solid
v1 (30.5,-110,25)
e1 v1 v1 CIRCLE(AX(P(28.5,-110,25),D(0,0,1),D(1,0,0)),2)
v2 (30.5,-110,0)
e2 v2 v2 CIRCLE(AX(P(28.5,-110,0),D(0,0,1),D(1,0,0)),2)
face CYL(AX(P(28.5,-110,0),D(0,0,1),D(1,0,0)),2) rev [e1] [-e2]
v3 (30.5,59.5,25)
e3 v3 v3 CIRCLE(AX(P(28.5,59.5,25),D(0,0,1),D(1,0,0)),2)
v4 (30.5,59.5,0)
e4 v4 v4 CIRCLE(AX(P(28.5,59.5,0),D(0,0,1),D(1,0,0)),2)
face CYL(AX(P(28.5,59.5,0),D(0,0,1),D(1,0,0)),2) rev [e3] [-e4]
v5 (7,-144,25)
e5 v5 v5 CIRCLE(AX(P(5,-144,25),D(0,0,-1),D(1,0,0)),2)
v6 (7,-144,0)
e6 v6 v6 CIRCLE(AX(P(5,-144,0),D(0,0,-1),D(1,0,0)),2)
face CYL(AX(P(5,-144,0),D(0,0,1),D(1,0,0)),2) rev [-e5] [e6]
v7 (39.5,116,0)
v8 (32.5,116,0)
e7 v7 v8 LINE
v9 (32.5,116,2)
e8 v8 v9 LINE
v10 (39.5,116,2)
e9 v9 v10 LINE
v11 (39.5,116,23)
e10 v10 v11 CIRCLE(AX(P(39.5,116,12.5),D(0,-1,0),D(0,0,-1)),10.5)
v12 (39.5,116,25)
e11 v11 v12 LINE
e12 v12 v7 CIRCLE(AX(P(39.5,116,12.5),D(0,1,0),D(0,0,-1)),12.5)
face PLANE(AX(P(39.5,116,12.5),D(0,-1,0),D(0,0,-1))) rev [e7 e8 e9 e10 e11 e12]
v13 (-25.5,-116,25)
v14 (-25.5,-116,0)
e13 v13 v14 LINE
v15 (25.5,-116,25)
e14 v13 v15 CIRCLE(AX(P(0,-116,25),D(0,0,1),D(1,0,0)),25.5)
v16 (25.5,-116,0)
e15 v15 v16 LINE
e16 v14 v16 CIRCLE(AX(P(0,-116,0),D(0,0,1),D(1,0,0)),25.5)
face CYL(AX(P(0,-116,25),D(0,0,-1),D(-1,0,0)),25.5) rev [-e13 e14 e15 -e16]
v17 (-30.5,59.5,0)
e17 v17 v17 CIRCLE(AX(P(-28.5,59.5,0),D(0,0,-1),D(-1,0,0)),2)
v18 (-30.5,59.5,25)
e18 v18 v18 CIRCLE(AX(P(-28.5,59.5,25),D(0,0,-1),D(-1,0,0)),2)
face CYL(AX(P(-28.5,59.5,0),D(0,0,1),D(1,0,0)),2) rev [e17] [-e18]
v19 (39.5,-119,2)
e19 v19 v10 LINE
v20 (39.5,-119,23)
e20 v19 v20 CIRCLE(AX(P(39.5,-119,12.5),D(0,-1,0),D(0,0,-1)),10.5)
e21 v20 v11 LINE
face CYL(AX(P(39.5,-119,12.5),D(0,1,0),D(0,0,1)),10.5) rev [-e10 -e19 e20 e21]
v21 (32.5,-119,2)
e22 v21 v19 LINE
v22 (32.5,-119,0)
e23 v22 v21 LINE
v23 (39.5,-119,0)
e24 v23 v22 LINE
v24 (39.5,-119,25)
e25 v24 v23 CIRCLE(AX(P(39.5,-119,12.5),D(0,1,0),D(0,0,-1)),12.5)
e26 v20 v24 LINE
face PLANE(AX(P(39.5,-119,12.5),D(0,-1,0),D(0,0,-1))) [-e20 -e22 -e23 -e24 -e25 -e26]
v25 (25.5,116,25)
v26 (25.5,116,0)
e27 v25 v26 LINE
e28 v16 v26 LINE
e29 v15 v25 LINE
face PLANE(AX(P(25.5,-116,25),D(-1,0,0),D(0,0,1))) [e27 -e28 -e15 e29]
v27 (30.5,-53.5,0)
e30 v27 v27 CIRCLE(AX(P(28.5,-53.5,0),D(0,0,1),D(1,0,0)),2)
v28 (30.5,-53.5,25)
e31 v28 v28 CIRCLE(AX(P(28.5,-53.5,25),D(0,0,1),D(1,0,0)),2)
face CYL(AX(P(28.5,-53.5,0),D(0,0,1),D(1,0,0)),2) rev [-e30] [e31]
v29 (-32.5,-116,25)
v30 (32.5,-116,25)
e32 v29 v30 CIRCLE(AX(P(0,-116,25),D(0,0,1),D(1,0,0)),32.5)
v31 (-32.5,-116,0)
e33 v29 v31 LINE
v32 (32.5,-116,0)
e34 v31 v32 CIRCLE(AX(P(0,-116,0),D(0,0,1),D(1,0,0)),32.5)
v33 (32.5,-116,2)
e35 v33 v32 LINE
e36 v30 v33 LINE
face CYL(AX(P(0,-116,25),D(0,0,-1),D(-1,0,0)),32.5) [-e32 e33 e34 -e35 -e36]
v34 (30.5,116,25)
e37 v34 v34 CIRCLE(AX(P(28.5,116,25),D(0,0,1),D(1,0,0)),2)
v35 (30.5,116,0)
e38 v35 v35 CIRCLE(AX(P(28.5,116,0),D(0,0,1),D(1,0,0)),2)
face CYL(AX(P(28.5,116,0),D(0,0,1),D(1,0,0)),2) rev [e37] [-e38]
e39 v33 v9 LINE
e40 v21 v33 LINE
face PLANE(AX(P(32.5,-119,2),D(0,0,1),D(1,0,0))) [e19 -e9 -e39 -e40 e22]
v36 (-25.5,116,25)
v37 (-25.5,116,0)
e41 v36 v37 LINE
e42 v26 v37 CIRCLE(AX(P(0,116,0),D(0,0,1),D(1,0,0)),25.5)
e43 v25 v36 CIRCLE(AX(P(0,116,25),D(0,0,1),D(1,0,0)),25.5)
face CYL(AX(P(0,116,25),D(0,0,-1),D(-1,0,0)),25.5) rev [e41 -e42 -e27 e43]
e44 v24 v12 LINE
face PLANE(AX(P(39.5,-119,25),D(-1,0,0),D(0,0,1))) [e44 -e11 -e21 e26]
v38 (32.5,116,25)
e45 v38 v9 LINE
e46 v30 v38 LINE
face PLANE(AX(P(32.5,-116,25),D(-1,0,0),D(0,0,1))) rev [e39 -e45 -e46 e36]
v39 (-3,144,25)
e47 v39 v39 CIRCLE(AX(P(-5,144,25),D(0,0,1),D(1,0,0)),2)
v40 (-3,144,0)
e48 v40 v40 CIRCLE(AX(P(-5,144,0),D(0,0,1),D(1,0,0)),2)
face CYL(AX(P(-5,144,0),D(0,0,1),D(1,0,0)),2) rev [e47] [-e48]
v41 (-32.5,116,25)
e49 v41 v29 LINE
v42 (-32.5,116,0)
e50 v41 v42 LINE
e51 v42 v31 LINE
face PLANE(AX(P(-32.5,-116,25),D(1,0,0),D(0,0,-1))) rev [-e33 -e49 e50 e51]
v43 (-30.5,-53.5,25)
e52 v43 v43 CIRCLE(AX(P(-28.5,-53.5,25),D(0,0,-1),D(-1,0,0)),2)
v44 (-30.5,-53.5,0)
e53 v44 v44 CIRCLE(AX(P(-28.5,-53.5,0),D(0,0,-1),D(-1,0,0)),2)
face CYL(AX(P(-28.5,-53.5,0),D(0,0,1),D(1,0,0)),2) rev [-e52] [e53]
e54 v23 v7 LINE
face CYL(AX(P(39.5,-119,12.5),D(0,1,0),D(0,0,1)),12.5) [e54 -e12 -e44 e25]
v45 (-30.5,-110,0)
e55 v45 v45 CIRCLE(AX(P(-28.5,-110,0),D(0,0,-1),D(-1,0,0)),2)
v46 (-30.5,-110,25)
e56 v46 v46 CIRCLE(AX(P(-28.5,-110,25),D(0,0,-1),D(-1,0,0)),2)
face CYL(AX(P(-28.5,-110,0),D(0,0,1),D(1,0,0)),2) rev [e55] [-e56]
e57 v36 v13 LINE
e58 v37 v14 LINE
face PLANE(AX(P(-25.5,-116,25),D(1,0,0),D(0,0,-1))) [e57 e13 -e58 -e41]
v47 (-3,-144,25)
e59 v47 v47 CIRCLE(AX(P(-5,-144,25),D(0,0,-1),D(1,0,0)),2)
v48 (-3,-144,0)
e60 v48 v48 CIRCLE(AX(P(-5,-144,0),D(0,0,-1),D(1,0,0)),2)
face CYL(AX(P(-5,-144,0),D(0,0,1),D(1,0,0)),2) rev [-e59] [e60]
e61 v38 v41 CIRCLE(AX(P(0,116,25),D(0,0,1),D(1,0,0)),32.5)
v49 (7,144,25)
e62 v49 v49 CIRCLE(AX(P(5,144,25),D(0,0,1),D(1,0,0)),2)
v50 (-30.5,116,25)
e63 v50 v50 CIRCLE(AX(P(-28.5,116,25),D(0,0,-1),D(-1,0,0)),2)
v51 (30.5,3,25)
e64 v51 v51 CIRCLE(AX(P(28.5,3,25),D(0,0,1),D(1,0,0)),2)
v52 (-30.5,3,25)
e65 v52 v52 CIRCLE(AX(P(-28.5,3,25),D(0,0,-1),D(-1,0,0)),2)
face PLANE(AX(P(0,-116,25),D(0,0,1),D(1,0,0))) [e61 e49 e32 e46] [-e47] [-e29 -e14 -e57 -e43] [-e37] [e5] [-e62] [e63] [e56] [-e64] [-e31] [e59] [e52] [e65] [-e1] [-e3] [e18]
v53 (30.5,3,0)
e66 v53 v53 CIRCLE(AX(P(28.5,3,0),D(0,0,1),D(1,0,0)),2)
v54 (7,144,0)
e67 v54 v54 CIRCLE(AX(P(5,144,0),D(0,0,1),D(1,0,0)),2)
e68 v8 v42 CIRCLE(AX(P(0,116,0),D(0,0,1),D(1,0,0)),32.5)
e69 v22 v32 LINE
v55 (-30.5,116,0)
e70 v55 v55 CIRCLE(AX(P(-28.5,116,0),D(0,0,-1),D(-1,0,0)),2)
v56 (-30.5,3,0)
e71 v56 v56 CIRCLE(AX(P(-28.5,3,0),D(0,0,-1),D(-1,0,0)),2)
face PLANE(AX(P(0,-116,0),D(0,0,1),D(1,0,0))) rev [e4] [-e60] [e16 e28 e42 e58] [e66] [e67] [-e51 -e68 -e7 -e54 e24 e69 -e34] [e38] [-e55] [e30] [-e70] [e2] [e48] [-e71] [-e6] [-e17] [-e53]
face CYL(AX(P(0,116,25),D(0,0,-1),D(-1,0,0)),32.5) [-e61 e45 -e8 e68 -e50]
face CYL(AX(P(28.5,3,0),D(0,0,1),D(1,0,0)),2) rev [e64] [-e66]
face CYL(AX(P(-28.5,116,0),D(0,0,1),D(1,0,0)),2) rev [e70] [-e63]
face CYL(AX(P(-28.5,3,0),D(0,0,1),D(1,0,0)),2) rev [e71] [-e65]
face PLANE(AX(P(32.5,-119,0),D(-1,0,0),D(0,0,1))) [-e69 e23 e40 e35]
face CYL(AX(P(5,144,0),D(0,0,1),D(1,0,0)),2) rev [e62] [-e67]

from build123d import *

# Parameters (mm, degrees)
BOSS_EXTRUDE1_DEPTH     = 25
SKETCH2_R               = 2
CUT_EXTRUDE1_DEPTH      = 155.056807704
SKETCH4_R               = 2
CUT_EXTRUDE2_DEPTH      = 155.056807704
LPATTERN1_COUNT         = 5
LPATTERN1_PITCH         = 56.5
MIRROR2_COPY_1_SKETCH_R = 2
MIRROR2_COPY_1_DEPTH    = 155.056807704
MIRROR2_COPY_2_SKETCH_R = 2
MIRROR2_COPY_2_DEPTH    = 155.056807704
MIRROR2_COPY_3_SKETCH_R = 2
MIRROR2_COPY_3_DEPTH    = 155.056807704
MIRROR2_COPY_4_SKETCH_R = 2
MIRROR2_COPY_4_DEPTH    = 155.056807704
BOSS_EXTRUDE2_DEPTH     = 235


with BuildPart() as part:
    # Sketch1 → Boss-Extrude1 (new body)
    with BuildSketch(Plane.XY):
        with BuildLine():
            Line((-32.5, -116), (-32.5, 116))
            ThreePointArc((-32.5, 116), (0, 148.5), (32.5, 116))
            Line((32.5, 116), (32.5, -116))
            ThreePointArc((32.5, -116), (0, -148.5), (-32.5, -116))
        make_face()
        with BuildLine():
            Line((-25.5, -116), (-25.5, 116))
            ThreePointArc((-25.5, 116), (0, 141.5), (25.5, 116))
            Line((25.5, 116), (25.5, -116))
            ThreePointArc((25.5, -116), (0, -141.5), (-25.5, -116))
        make_face(mode=Mode.SUBTRACT)
    extrude(amount=BOSS_EXTRUDE1_DEPTH)

    # Sketch2 → Cut-Extrude1 (cut, through all)
    with BuildSketch(Plane.XY.offset(25)):
        with Locations((-5, 144)):
            Circle(SKETCH2_R)
        with Locations((5, 144)):
            Circle(SKETCH2_R)
    cut_extrude1 = extrude(amount=-CUT_EXTRUDE1_DEPTH, mode=Mode.SUBTRACT)

    # Mirror1: Cut-Extrude1 across plane
    add(cut_extrude1.mirror(Plane.ZX), mode=Mode.SUBTRACT)

    # Sketch4 → Cut-Extrude2 (cut, through all)
    with BuildSketch(Plane.XY.offset(25)):
        with Locations((28.5, 116)):
            Circle(SKETCH4_R)
    cut_extrude2 = extrude(amount=-CUT_EXTRUDE2_DEPTH, mode=Mode.SUBTRACT)

    # LPattern1: Cut-Extrude2 ×5
    with Locations(*[(0, -i * LPATTERN1_PITCH, 0) for i in range(1, LPATTERN1_COUNT)]):
        add(cut_extrude2, mode=Mode.SUBTRACT)

    # Mirror2: Cut-Extrude2 across plane
    add(cut_extrude2.mirror(Plane(origin=(0, 0, 0), x_dir=(0, 0, 1), z_dir=(1, 0, 0))), mode=Mode.SUBTRACT)

    # Mirror2 copy 1 sketch → Mirror2 copy 1 (cut, through all)
    with BuildSketch(Plane(origin=(0, -56.5, 25), x_dir=(-1, 0, 0), z_dir=(0, 0, 1))):
        with Locations((28.5, -116)):
            Circle(MIRROR2_COPY_1_SKETCH_R)
    extrude(amount=-MIRROR2_COPY_1_DEPTH, mode=Mode.SUBTRACT)

    # Mirror2 copy 2 sketch → Mirror2 copy 2 (cut, through all)
    with BuildSketch(Plane(origin=(0, -113, 25), x_dir=(-1, 0, 0), z_dir=(0, 0, 1))):
        with Locations((28.5, -116)):
            Circle(MIRROR2_COPY_2_SKETCH_R)
    extrude(amount=-MIRROR2_COPY_2_DEPTH, mode=Mode.SUBTRACT)

    # Mirror2 copy 3 sketch → Mirror2 copy 3 (cut, through all)
    with BuildSketch(Plane(origin=(0, -169.5, 25), x_dir=(-1, 0, 0), z_dir=(0, 0, 1))):
        with Locations((28.5, -116)):
            Circle(MIRROR2_COPY_3_SKETCH_R)
    extrude(amount=-MIRROR2_COPY_3_DEPTH, mode=Mode.SUBTRACT)

    # Mirror2 copy 4 sketch → Mirror2 copy 4 (cut, through all)
    with BuildSketch(Plane(origin=(0, -226, 25), x_dir=(-1, 0, 0), z_dir=(0, 0, 1))):
        with Locations((28.5, -116)):
            Circle(MIRROR2_COPY_4_SKETCH_R)
    extrude(amount=-MIRROR2_COPY_4_DEPTH, mode=Mode.SUBTRACT)

    # Sketch5 → Boss-Extrude2 (add)
    with BuildSketch(Plane(origin=(32.5, 116, 0), x_dir=(1, 0, 0), z_dir=(0, 1, 0))):
        with BuildLine():
            Line((0, 0), (7, 0))
            ThreePointArc((7, 0), (19.5, -12.5), (7, -25))
            Line((7, -25), (7, -23))
            ThreePointArc((7, -23), (17.5, -12.5), (7, -2))
            Line((7, -2), (0, -2))
            Line((0, -2), (0, 0))
        make_face()
    extrude(amount=-BOSS_EXTRUDE2_DEPTH)


solid = part.part
